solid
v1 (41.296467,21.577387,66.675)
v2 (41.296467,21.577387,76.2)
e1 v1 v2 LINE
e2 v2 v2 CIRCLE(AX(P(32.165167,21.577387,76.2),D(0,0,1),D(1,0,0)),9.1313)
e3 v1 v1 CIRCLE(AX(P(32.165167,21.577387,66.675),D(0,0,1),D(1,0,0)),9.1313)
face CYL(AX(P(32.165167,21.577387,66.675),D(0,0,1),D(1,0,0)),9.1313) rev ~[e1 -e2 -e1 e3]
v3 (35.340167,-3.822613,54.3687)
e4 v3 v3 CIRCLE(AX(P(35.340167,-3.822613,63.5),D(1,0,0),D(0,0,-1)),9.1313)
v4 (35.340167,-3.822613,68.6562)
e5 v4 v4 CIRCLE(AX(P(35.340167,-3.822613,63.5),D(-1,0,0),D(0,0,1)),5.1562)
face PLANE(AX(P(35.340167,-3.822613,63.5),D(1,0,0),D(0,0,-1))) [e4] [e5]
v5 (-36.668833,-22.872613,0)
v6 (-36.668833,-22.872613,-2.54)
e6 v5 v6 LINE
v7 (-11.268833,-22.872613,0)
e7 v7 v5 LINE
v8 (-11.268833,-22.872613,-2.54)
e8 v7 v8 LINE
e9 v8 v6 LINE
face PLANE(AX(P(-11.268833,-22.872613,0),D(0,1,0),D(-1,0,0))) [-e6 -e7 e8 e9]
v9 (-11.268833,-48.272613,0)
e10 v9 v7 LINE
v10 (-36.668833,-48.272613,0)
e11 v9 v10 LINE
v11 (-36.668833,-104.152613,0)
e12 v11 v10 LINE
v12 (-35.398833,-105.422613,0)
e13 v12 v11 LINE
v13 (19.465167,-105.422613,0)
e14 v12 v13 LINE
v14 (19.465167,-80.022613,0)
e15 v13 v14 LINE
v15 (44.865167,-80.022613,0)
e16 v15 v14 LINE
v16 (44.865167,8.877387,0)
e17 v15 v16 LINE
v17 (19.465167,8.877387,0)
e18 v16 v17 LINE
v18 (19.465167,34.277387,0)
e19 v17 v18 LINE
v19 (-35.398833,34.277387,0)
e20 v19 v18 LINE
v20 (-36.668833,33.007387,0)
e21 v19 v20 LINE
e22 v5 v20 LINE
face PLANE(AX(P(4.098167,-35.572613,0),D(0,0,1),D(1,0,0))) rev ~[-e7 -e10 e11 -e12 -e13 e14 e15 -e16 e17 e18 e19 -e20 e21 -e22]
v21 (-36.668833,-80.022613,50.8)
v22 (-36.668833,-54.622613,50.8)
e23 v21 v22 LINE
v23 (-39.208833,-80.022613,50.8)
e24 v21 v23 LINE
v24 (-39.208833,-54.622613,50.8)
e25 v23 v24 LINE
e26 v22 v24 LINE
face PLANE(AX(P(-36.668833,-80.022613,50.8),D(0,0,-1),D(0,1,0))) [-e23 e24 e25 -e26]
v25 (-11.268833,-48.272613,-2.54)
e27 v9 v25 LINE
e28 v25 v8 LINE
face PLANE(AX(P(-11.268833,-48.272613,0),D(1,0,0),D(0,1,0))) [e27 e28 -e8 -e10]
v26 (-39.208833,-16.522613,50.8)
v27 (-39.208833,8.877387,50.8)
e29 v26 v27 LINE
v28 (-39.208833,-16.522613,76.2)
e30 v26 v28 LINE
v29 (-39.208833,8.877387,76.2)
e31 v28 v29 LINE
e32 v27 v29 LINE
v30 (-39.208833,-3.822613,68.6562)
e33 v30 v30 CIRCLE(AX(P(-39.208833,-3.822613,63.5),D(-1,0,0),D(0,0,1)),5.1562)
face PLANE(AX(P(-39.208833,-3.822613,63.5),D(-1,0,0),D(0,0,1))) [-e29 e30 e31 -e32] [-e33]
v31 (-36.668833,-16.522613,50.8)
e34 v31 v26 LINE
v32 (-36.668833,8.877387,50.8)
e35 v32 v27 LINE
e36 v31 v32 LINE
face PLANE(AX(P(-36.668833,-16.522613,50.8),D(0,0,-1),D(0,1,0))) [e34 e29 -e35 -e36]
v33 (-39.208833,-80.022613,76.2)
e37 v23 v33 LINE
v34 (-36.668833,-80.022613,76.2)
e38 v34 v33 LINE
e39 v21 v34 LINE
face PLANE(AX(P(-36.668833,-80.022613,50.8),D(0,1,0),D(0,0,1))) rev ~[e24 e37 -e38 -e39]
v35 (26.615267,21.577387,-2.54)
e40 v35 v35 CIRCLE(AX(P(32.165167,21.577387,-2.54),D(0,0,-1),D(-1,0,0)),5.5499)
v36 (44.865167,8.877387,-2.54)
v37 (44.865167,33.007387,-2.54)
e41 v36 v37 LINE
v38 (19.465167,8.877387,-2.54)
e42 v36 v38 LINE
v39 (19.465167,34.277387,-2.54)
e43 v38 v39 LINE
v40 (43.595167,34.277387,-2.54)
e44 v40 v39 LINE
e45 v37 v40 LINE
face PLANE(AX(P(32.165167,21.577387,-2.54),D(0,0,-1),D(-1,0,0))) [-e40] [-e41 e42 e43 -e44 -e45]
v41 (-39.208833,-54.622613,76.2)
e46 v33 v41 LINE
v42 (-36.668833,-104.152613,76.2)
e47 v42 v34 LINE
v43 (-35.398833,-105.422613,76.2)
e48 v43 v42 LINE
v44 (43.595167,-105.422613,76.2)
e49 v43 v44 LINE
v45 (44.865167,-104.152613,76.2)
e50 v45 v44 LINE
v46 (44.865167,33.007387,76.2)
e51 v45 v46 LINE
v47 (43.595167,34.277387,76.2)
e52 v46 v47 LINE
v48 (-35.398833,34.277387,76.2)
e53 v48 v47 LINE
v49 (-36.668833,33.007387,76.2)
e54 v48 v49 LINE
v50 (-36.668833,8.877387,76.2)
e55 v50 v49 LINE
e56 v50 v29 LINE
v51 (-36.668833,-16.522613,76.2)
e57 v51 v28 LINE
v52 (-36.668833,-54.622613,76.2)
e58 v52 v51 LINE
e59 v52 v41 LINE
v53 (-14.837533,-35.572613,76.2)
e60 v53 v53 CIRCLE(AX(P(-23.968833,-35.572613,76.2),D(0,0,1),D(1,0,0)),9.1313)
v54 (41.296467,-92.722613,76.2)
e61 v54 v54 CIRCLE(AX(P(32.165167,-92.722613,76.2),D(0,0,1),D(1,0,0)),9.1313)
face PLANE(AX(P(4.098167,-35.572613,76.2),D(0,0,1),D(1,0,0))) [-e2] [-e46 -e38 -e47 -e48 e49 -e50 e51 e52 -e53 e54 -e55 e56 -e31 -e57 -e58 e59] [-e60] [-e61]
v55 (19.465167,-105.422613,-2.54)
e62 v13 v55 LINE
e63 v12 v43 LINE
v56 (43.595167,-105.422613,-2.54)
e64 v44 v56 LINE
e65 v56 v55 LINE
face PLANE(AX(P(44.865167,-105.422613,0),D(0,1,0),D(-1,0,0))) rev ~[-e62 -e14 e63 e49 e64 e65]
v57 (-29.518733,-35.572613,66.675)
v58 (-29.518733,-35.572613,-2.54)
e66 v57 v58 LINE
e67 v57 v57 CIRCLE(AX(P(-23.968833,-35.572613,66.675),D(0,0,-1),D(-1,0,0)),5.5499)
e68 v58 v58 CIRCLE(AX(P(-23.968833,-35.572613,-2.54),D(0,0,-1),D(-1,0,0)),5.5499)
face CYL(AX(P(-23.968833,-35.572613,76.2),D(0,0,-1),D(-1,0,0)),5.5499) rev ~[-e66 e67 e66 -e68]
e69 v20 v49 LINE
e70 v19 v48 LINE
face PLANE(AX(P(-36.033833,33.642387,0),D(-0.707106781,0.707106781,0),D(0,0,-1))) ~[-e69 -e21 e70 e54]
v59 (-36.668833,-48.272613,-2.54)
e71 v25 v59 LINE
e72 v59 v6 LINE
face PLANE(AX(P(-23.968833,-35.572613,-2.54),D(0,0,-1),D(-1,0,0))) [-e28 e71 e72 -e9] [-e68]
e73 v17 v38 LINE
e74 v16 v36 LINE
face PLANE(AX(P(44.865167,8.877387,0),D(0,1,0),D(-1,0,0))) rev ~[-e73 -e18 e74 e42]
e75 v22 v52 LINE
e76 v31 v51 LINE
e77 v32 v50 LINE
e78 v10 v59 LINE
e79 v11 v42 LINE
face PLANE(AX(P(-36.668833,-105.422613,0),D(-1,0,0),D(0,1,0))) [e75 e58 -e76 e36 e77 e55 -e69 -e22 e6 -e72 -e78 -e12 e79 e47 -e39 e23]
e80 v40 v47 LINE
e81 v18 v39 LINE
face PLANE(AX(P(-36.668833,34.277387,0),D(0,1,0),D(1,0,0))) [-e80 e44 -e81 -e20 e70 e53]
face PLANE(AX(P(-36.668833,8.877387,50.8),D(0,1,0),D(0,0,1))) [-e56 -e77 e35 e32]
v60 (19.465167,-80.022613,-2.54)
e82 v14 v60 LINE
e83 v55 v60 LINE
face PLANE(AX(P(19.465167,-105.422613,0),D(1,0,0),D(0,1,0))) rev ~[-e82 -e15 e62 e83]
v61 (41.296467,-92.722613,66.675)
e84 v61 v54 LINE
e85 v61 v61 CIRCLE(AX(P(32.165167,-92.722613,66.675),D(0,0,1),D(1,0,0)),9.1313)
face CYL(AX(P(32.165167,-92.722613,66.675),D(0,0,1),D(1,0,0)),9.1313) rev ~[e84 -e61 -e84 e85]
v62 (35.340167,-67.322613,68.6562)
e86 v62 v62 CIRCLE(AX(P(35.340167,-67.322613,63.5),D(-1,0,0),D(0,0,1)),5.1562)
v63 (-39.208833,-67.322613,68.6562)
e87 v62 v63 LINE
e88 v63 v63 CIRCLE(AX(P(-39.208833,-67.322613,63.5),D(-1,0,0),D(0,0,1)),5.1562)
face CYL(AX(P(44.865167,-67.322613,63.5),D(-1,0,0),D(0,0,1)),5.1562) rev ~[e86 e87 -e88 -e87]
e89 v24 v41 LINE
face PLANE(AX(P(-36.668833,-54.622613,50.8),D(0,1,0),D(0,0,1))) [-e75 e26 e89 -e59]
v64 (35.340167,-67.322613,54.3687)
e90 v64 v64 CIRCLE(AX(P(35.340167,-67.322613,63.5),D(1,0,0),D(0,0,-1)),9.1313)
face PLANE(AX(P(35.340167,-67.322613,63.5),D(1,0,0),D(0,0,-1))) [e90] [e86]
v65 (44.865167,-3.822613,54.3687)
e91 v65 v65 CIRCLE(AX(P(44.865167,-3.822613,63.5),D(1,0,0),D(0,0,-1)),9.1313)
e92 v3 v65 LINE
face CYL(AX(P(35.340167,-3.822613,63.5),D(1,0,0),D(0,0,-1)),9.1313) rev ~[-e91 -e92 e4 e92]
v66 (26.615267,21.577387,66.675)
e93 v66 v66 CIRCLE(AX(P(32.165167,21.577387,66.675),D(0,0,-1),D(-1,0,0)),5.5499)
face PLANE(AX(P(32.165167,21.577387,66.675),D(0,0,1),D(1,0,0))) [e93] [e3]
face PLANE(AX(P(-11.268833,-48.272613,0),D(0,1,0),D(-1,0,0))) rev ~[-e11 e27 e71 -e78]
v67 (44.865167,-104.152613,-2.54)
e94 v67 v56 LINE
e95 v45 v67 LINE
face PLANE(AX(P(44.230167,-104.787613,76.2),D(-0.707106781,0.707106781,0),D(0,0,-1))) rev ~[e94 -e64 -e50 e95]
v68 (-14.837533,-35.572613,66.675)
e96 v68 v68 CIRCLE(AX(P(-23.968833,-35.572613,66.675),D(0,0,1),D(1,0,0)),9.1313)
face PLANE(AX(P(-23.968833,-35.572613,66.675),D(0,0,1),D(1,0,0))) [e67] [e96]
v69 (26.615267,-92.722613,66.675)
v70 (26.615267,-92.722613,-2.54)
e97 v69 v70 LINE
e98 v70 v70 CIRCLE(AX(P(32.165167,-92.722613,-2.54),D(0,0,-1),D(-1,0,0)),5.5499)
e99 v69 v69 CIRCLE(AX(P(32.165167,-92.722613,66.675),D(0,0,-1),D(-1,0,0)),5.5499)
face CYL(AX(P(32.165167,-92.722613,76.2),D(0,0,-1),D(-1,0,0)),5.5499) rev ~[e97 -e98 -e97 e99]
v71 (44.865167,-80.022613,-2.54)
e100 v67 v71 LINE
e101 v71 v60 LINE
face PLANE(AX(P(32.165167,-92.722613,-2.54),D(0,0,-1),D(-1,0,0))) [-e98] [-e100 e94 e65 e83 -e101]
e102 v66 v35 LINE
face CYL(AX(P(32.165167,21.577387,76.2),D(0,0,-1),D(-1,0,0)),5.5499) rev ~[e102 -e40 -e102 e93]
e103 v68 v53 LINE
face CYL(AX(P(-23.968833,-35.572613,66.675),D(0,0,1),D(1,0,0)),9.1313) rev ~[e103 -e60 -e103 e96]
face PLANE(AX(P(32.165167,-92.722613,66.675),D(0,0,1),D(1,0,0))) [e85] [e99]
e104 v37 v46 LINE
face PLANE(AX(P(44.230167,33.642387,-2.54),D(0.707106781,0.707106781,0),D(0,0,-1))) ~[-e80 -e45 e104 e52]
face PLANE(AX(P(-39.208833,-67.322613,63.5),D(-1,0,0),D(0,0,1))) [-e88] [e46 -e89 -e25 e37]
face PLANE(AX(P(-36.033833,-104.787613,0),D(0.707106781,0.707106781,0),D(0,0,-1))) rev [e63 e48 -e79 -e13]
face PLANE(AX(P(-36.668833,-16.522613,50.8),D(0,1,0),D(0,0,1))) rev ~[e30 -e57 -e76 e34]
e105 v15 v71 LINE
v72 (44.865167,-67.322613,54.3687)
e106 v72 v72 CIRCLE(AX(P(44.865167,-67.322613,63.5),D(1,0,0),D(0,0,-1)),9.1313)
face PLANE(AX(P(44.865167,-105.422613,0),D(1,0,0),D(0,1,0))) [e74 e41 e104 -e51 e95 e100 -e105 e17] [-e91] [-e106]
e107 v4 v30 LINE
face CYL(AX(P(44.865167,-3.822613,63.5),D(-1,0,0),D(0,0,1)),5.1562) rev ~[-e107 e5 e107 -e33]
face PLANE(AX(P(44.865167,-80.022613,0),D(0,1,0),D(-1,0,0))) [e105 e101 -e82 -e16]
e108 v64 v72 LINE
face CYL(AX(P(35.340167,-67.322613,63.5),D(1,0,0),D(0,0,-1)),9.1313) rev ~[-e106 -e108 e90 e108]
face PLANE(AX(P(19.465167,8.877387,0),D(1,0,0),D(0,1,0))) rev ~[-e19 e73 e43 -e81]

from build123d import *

# Parameters (mm, degrees)
SKETCH1_W                                        = 81.534
SKETCH1_H                                        = 139.7
EXTRUDE1_DEPTH                                   = 76.2
SKETCH8_W                                        = 25.4
SKETCH8_H                                        = 25.4
EXTRUDE2_DEPTH                                   = 2.54
CBORE_FOR_3_8_SOCKET_HEAD_CAP_SCREW1_D           = 11.0998
CBORE_FOR_3_8_SOCKET_HEAD_CAP_SCREW1_CBORE_D     = 18.2626
CBORE_FOR_3_8_SOCKET_HEAD_CAP_SCREW1_CBORE_DEPTH = 9.525
SKETCH9_W                                        = 25.4
SKETCH9_H                                        = 25.4
EXTRUDE3_DEPTH                                   = 2.54
CBORE_FOR_3_8_SOCKET_HEAD_CAP_SCREW3_D           = 10.3124
CBORE_FOR_3_8_SOCKET_HEAD_CAP_SCREW3_CBORE_D     = 18.2626
CBORE_FOR_3_8_SOCKET_HEAD_CAP_SCREW3_CBORE_DEPTH = 9.525
CHAMFER1_SIZE                                    = 1.27


with BuildPart() as part:
    # Sketch1 → Extrude1 (new body)
    with BuildSketch(Plane.XY):
        with Locations((4.098167124, -35.572612746)):
            Rectangle(SKETCH1_W, SKETCH1_H)
    extrude(amount=EXTRUDE1_DEPTH)

    # Sketch8 → Extrude2 (add)
    with BuildSketch(Plane(origin=(0, 0, 0), x_dir=(-1, 0, 0), z_dir=(0, 0, -1))):
        with Locations((-32.165167124, -92.722612746)):
            Rectangle(SKETCH8_W, SKETCH8_H)
        with Locations((-32.165167124, 21.577387254)):
            Rectangle(SKETCH8_W, SKETCH8_H)
        with Locations((23.968832876, -35.572612746)):
            Rectangle(SKETCH8_W, SKETCH8_H)
    extrude(amount=EXTRUDE2_DEPTH)

    # CBORE for 3/8 Socket Head Cap Screw1 (through all)
    with Locations(Plane.XY.offset(76.2)):
        with Locations((-23.968832876, -35.572612746), (32.165167124, 21.577387254), (32.165167124, -92.722612746)):
            CounterBoreHole(CBORE_FOR_3_8_SOCKET_HEAD_CAP_SCREW1_D / 2, CBORE_FOR_3_8_SOCKET_HEAD_CAP_SCREW1_CBORE_D / 2, CBORE_FOR_3_8_SOCKET_HEAD_CAP_SCREW1_CBORE_DEPTH)

    # Sketch9 → Extrude3 (add)
    with BuildSketch(Plane.ZY.offset(36.668832876)):
        with Locations((63.5, -3.822612746)):
            Rectangle(SKETCH9_W, SKETCH9_H)
        with Locations((63.5, -67.322612746)):
            Rectangle(SKETCH9_W, SKETCH9_H)
    extrude(amount=EXTRUDE3_DEPTH)

    # CBORE for 3/8 Socket Head Cap Screw3 (through all)
    with Locations(Plane(origin=(44.865167124, 0, 0), x_dir=(0, 0, -1), z_dir=(1, 0, 0))):
        with Locations((-63.5, -3.822612746), (-63.5, -67.322612746)):
            CounterBoreHole(CBORE_FOR_3_8_SOCKET_HEAD_CAP_SCREW3_D / 2, CBORE_FOR_3_8_SOCKET_HEAD_CAP_SCREW3_CBORE_D / 2, CBORE_FOR_3_8_SOCKET_HEAD_CAP_SCREW3_CBORE_DEPTH)

    # Chamfer1
    chamfer1_edges = [part.edges().sort_by_distance(p)[0] for p in [
        (44.865167124, 34.277387254, 36.83),
        (-36.668832876, 34.277387254, 38.1),
        (44.865167124, -105.422612746, 36.83),
        (-36.668832876, -105.422612746, 38.1),
    ]]
    chamfer(chamfer1_edges, length=CHAMFER1_SIZE)


solid = part.part
